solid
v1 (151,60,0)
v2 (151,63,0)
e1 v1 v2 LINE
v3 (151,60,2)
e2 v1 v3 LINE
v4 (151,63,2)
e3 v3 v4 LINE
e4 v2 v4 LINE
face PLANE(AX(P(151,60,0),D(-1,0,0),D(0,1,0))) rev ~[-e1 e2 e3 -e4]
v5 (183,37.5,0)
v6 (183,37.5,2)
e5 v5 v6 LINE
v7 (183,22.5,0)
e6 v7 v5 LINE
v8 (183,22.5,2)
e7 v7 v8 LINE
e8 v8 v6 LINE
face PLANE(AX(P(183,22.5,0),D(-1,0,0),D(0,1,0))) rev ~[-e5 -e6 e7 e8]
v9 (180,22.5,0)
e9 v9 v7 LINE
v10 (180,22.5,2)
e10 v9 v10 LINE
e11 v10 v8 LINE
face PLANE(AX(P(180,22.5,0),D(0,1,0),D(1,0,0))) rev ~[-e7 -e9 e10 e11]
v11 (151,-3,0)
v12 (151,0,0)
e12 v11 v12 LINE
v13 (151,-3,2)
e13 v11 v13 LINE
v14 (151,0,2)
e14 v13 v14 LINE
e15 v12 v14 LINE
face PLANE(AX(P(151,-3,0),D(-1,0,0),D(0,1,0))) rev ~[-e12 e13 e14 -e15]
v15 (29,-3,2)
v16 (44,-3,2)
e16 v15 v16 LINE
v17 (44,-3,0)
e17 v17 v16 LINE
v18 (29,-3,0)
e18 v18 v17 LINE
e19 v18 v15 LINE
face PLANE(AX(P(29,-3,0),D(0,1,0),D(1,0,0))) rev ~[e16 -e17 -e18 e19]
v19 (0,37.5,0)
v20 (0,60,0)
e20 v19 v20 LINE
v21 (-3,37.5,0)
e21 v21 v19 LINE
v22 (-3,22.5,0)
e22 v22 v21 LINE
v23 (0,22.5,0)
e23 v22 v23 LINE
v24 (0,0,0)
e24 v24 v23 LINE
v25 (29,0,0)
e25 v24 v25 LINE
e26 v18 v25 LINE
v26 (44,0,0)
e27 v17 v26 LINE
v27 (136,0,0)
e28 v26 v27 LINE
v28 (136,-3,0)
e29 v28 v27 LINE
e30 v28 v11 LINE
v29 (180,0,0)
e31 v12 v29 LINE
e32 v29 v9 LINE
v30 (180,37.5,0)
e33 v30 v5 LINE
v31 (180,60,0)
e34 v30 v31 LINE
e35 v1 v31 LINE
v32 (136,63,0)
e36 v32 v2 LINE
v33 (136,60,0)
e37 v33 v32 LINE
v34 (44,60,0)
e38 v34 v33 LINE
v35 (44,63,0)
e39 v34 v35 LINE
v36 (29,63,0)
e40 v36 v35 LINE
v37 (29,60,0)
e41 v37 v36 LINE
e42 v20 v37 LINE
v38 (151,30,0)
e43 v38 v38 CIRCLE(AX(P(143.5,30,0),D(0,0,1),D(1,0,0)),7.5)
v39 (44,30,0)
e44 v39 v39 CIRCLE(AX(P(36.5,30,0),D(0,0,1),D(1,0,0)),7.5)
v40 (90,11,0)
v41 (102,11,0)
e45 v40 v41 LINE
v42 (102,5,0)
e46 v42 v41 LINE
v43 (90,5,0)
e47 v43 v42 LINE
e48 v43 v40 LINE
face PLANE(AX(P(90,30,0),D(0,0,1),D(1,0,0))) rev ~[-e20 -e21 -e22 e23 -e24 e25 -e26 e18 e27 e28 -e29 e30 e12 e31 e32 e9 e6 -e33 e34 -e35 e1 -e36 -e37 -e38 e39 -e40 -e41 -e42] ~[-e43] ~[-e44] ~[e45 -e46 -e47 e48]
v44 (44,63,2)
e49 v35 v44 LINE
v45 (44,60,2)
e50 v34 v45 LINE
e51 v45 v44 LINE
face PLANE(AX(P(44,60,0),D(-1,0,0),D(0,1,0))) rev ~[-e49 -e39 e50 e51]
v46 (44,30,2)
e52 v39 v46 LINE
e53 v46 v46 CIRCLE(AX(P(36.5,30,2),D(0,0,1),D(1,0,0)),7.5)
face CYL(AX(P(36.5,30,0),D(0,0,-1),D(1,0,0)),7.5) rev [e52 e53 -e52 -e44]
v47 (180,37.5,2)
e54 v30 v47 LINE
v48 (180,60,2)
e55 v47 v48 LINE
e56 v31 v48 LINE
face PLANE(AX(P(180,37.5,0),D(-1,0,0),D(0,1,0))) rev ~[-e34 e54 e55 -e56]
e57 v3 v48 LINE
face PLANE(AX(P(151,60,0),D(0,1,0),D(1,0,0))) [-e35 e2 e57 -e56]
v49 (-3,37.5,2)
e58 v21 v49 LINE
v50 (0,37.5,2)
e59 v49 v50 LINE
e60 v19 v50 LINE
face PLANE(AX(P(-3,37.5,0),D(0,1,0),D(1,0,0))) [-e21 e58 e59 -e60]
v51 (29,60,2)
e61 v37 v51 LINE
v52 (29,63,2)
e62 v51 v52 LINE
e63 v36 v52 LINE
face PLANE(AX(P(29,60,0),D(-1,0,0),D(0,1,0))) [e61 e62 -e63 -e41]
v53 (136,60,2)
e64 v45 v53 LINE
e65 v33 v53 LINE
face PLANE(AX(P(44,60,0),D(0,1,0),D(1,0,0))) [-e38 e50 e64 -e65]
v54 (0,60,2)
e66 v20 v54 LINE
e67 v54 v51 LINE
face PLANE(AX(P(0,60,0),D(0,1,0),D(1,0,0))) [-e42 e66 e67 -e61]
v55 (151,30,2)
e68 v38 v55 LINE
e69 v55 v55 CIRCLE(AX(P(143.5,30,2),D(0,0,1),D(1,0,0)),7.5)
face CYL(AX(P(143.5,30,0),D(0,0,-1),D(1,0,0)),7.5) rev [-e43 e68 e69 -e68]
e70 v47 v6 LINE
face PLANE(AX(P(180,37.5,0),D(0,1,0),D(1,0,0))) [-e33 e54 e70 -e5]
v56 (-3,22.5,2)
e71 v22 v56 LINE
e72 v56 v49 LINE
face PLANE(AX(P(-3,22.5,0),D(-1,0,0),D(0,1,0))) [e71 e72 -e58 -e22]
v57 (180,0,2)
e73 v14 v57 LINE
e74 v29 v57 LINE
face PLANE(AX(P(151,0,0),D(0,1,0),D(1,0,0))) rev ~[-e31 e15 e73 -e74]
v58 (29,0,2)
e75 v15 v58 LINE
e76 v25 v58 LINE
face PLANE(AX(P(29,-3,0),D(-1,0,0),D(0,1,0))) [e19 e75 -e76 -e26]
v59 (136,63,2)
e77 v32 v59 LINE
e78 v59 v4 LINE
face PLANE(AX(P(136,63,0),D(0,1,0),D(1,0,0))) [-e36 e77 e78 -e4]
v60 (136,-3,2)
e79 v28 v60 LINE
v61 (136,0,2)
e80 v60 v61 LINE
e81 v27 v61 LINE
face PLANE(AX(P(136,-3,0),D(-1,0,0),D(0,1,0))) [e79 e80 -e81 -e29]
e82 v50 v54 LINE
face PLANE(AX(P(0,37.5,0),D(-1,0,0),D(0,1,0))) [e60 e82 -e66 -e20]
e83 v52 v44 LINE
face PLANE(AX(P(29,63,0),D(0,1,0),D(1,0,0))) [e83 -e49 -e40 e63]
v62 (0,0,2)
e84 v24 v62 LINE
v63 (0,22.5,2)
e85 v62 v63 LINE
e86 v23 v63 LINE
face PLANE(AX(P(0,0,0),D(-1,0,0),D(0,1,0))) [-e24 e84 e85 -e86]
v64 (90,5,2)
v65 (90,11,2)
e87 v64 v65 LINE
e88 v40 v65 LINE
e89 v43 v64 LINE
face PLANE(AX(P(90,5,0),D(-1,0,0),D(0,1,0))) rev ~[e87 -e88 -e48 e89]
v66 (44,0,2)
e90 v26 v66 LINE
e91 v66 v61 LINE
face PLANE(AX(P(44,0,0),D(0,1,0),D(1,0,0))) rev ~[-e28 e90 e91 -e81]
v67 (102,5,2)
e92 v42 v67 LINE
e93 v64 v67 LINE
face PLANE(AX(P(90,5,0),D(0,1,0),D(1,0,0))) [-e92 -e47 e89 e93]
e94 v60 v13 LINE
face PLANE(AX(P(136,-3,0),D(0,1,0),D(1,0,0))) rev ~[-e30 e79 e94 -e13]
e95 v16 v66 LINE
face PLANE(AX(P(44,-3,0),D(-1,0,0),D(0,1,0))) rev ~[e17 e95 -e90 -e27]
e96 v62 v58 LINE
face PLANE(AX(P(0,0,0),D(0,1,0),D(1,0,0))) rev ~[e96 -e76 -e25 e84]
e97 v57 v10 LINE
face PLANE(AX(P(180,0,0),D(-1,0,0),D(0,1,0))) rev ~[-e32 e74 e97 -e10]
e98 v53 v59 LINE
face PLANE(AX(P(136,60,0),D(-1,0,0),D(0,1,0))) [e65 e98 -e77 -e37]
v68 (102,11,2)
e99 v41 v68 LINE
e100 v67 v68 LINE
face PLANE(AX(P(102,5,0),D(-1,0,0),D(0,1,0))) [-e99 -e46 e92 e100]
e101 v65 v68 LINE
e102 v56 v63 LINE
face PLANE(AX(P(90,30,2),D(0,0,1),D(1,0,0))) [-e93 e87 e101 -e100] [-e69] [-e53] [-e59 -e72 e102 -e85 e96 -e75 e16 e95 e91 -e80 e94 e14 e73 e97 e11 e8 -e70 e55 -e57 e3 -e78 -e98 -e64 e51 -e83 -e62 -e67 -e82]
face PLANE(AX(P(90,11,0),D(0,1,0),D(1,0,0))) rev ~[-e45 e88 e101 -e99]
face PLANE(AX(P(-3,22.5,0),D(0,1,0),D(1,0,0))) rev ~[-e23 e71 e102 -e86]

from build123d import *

# Parameters (mm, degrees)
SKETCH001_W   = 180
SKETCH001_H   = 60
SKETCH001_W_2 = 15
SKETCH001_H_2 = 3
SKETCH001_W_3 = 3
SKETCH001_H_3 = 15
PAD_DEPTH     = 2
SKETCH_R      = 7.5
SKETCH_W      = 12
SKETCH_H      = 6
POCKET_DEPTH  = 2


with BuildPart() as part:
    # Sketch001 → Pad (new body)
    with BuildSketch(Plane.XY):
        with Locations((90, 30)):
            Rectangle(SKETCH001_W, SKETCH001_H)
        with Locations((36.5, 61.5)):
            Rectangle(SKETCH001_W_2, SKETCH001_H_2)
        with Locations((36.5, -1.5)):
            Rectangle(SKETCH001_W_2, SKETCH001_H_2)
        with Locations((143.5, 61.5)):
            Rectangle(SKETCH001_W_2, SKETCH001_H_2)
        with Locations((143.5, -1.5)):
            Rectangle(SKETCH001_W_2, SKETCH001_H_2)
        with Locations((-1.5, 30)):
            Rectangle(SKETCH001_W_3, SKETCH001_H_3)
        with Locations((181.5, 30)):
            Rectangle(SKETCH001_W_3, SKETCH001_H_3)
    extrude(amount=PAD_DEPTH)

    # Sketch → Pocket (cut)
    with BuildSketch(Plane.XY):
        with Locations((36.5, 30)):
            Circle(SKETCH_R)
        with Locations((143.5, 30)):
            Circle(SKETCH_R)
        with Locations((96, 8)):
            Rectangle(SKETCH_W, SKETCH_H)
    extrude(amount=POCKET_DEPTH, mode=Mode.SUBTRACT)


solid = part.part
